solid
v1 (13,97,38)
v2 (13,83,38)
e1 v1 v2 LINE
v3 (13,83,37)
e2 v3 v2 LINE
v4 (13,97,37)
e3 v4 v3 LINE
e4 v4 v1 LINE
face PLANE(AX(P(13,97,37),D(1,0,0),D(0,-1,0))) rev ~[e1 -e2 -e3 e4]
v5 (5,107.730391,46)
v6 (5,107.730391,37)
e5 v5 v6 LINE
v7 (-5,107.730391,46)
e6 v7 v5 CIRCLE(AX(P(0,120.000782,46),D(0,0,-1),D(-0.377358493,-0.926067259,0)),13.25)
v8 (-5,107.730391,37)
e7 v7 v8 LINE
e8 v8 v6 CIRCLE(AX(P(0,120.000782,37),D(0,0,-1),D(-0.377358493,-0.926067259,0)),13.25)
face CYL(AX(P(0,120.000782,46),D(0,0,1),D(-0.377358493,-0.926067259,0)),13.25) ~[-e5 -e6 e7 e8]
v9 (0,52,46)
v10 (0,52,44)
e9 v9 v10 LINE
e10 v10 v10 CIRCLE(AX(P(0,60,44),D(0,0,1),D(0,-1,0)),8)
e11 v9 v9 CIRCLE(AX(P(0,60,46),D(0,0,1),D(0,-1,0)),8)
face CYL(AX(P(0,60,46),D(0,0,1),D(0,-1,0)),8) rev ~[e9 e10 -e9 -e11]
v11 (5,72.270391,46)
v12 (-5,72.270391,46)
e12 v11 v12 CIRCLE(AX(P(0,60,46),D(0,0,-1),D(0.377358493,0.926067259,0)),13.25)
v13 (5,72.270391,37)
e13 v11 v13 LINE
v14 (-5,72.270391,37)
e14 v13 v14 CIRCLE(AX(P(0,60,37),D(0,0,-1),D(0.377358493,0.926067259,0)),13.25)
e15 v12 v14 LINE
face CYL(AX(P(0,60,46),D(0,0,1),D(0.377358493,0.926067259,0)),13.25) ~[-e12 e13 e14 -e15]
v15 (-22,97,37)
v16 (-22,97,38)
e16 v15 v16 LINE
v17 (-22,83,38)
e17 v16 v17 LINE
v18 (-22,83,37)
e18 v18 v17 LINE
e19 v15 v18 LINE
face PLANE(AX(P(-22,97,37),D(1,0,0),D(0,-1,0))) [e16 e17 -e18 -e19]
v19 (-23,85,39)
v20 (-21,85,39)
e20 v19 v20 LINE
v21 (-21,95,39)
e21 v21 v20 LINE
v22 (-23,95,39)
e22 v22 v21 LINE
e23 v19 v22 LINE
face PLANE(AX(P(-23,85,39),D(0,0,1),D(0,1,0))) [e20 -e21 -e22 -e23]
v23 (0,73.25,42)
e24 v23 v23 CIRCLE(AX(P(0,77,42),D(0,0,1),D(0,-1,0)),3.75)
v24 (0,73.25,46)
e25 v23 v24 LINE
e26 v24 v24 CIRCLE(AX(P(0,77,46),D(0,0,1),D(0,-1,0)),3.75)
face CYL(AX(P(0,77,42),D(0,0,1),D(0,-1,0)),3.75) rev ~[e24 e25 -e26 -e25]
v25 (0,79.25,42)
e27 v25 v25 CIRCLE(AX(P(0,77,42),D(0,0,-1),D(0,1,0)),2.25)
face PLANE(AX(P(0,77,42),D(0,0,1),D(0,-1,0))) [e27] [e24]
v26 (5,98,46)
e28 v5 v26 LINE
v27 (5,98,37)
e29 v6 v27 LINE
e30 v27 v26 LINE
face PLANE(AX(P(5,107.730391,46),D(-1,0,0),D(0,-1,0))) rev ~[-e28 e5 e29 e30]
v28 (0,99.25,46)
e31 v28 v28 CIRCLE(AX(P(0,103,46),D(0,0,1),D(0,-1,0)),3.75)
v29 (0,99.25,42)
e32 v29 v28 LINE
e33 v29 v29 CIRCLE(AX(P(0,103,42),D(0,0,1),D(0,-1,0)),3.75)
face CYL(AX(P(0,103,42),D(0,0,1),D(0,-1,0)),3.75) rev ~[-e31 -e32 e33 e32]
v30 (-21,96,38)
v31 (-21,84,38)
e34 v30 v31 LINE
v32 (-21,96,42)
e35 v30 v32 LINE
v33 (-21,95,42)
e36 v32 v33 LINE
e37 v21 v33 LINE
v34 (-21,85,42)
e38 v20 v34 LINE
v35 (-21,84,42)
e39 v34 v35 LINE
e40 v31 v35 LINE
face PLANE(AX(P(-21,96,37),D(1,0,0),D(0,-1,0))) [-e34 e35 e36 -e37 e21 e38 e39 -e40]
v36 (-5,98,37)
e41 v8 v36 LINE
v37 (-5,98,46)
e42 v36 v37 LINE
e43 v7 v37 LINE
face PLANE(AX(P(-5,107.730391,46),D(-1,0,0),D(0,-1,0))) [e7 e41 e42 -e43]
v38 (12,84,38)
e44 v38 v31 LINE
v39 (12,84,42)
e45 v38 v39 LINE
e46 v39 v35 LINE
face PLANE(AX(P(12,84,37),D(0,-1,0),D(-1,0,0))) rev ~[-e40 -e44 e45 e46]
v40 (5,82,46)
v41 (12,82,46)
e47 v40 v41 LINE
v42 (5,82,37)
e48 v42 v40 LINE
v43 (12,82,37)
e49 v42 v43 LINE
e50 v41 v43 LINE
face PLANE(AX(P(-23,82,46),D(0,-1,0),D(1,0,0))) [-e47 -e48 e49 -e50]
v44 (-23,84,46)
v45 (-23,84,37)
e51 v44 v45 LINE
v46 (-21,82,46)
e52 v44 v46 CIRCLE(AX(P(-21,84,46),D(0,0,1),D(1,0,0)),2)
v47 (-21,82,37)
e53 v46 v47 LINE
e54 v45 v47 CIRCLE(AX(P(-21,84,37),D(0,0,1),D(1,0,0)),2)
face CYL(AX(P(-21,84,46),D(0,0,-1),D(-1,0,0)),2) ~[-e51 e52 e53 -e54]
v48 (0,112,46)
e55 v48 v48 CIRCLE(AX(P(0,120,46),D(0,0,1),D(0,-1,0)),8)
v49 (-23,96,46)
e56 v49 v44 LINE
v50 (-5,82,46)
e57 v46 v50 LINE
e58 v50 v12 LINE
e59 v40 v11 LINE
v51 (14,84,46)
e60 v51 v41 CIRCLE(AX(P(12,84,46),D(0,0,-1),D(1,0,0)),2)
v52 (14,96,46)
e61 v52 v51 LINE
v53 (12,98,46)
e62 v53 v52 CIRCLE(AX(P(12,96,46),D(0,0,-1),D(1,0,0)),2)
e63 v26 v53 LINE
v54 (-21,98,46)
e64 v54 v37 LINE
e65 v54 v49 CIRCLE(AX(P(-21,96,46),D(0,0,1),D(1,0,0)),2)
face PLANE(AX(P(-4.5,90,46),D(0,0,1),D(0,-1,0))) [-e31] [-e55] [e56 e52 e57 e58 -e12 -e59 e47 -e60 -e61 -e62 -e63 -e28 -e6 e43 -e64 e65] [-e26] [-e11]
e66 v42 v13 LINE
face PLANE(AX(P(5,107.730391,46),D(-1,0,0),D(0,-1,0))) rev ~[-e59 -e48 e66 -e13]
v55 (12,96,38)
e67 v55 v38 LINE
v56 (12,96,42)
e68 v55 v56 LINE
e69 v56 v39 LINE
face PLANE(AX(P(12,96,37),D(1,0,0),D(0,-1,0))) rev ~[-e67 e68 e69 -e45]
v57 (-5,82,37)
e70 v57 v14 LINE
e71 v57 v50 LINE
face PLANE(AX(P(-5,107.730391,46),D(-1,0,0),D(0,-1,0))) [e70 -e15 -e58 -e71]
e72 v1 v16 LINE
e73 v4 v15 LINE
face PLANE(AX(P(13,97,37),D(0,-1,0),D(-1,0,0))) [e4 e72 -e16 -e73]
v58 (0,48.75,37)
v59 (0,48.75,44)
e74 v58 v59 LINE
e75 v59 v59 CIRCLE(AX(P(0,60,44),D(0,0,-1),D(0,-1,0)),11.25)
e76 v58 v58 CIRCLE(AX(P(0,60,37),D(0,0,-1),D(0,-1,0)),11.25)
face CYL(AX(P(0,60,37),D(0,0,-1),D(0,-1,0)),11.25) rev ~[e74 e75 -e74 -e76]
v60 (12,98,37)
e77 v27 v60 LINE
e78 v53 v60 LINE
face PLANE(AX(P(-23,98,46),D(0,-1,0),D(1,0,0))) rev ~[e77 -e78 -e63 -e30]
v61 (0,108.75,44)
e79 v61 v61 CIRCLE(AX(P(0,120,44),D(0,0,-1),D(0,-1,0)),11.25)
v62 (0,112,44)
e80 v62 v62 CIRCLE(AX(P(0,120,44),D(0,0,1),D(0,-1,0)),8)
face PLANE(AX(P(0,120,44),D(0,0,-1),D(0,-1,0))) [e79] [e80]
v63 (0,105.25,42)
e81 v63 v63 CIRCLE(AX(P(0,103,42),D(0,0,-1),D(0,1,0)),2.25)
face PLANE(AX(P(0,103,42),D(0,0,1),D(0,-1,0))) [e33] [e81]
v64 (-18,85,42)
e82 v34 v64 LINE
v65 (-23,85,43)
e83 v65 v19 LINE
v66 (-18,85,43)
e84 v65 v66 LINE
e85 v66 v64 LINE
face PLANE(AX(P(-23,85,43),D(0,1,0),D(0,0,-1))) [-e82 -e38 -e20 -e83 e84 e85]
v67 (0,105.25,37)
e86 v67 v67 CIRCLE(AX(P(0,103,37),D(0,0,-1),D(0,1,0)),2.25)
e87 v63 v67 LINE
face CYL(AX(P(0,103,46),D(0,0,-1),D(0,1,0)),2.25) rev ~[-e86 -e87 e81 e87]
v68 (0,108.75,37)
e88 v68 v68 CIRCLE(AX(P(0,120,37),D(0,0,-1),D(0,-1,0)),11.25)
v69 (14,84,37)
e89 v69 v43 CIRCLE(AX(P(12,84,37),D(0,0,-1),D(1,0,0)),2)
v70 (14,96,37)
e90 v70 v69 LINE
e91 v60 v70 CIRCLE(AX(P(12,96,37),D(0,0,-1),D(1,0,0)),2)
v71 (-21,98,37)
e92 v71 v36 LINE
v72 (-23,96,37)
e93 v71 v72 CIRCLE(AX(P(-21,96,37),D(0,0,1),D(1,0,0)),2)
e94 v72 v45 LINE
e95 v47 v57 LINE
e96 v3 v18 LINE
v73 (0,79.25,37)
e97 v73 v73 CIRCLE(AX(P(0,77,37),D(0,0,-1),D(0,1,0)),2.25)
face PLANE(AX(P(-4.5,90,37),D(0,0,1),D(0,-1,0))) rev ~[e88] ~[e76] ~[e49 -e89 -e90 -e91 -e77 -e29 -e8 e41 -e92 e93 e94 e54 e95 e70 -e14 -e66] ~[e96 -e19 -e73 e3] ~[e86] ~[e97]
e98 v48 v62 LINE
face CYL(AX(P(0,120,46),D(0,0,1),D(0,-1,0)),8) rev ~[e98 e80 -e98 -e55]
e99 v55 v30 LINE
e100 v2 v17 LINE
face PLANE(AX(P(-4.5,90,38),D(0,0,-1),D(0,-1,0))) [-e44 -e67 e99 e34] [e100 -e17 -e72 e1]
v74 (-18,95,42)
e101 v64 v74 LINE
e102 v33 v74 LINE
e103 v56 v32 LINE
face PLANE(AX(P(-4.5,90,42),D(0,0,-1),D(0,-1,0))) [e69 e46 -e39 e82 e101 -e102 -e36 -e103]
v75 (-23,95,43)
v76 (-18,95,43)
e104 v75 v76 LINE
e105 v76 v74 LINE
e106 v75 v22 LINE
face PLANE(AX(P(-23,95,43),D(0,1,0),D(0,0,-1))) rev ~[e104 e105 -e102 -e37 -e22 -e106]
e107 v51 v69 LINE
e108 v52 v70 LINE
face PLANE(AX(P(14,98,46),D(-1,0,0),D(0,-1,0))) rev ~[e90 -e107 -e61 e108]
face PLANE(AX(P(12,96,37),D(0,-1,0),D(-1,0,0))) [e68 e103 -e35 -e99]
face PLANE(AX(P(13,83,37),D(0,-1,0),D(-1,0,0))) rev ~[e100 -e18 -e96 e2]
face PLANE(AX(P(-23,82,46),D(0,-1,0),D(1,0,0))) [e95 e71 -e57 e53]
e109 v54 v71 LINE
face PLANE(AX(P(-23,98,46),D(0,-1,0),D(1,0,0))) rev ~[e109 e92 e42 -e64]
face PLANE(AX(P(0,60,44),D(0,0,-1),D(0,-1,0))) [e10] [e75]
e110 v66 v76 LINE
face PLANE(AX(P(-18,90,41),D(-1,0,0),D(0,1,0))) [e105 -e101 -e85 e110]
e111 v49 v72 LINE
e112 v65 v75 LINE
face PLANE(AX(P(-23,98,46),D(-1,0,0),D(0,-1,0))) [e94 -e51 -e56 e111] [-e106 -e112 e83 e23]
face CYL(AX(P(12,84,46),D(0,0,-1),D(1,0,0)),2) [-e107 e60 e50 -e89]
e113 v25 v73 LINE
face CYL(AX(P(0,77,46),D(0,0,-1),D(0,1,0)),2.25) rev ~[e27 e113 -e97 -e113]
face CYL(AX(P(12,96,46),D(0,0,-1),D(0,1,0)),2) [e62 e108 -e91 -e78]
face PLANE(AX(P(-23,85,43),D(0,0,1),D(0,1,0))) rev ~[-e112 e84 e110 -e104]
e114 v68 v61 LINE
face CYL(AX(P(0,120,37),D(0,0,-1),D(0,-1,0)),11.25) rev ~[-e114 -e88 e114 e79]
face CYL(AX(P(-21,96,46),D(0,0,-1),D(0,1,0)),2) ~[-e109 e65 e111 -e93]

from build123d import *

# Parameters (mm, degrees)
PAD028_DEPTH            = 9
SKETCH075_R             = 11.25
POCKET028_DEPTH         = 7
SKETCH076_R             = 8
POCKET029_DEPTH         = 5
SKETCH077_W             = 16
SKETCH077_H             = 37
PAD029_DEPTH            = 9
SKETCH078_W             = 14
SKETCH078_H             = 35
POCKET030_DEPTH         = 1
SKETCH079_W             = 12
SKETCH079_H             = 33
POCKET031_DEPTH         = 5
SKETCH080_W             = 10
SKETCH080_H             = 4
POCKET032_DEPTH         = 5
HOLE007_D               = 4.5
HOLE007_DEPTH           = 25
HOLE007_CBORE_D         = 7.5
HOLE007_CBORE_DEPTH     = 4
FILLET006_R             = 2
BODY010_ROLL_ANGLE      = 180
BODY010_PLACEMENT_ANGLE = -90


with BuildPart() as part:
    # Sketch074 → Pad028 (new body)
    with BuildSketch(Plane.XY):
        with BuildLine():
            ThreePointArc((12.269609, 5), (-13.250782, 0), (12.269609, -5))
            Line((12.269609, -5), (47.729609, -5))
            ThreePointArc((47.729609, -5), (73.25, 0), (47.729609, 5))
            Line((12.269609, 5), (47.729609, 5))
        make_face()
    extrude(amount=PAD028_DEPTH)

    # Sketch075 (on Face6 of Pad028) → Pocket028 (cut)
    with BuildSketch(Plane.XY.offset(9)):
        Circle(SKETCH075_R)
        with Locations((60, 0)):
            Circle(SKETCH075_R)
    extrude(amount=-POCKET028_DEPTH, mode=Mode.SUBTRACT)

    # Sketch076 (on Face4 of Pocket028) → Pocket029 (cut)
    with BuildSketch(Plane(origin=(0, 0, 0), x_dir=(1, 0, 0), z_dir=(0, 0, -1))):
        Circle(SKETCH076_R)
        with Locations((60, 0)):
            Circle(SKETCH076_R)
    extrude(amount=-POCKET029_DEPTH, mode=Mode.SUBTRACT)

    # Sketch077 (on Face4 of Pocket029) → Pad029 (join)
    with BuildSketch(Plane(origin=(0, 0, 0), x_dir=(1, 0, 0), z_dir=(0, 0, -1))):
        with Locations((30, -4.5)):
            Rectangle(SKETCH077_W, SKETCH077_H)
    extrude(amount=-PAD029_DEPTH)

    # Sketch078 (on Face13 of Pad029) → Pocket030 (cut)
    with BuildSketch(Plane.XY.offset(9)):
        with Locations((30, 4.5)):
            Rectangle(SKETCH078_W, SKETCH078_H)
    extrude(amount=-POCKET030_DEPTH, mode=Mode.SUBTRACT)

    # Sketch079 (on Face22 of Pocket030) → Pocket031 (cut)
    with BuildSketch(Plane.XY.offset(9)):
        with Locations((30, 4.5)):
            Rectangle(SKETCH079_W, SKETCH079_H)
    extrude(amount=-POCKET031_DEPTH, mode=Mode.SUBTRACT)

    # Sketch080 (on Face14 of Pocket031) → Pocket032 (cut)
    with BuildSketch(Plane(origin=(0, 23, 0), x_dir=(-1, 0, 0), z_dir=(0, 1, 0))):
        with Locations((-30, 5)):
            Rectangle(SKETCH080_W, SKETCH080_H)
    extrude(amount=-POCKET032_DEPTH, mode=Mode.SUBTRACT)

    # Hole007
    with Locations(Plane(origin=(0, 0, 0), x_dir=(1, 0, 0), z_dir=(0, 0, -1))):
        with Locations((17, 0), (43, 0)):
            CounterBoreHole(HOLE007_D / 2, HOLE007_CBORE_D / 2, HOLE007_CBORE_DEPTH, depth=HOLE007_DEPTH)

    # Fillet006
    fillet006_edges = [part.edges().sort_by_distance(p)[0] for p in [
        (38, 23, 4.5),
        (22, 23, 4.5),
        (22, -14, 4.5),
        (38, -14, 4.5),
    ]]
    fillet(fillet006_edges, radius=FILLET006_R)


with BuildPart() as part_1:
    # Body010 roll: moved
    add(part.part.rotate(Axis((0, 0, 0), (1, 0, 0)), BODY010_ROLL_ANGLE))


with BuildPart() as part_2:
    # Body010 placement: moved
    add(part_1.part.moved(Location((0, 120, 46))).rotate(Axis((0, 120, 46), (0, 0, 1)), BODY010_PLACEMENT_ANGLE))


solid = part_2.part
